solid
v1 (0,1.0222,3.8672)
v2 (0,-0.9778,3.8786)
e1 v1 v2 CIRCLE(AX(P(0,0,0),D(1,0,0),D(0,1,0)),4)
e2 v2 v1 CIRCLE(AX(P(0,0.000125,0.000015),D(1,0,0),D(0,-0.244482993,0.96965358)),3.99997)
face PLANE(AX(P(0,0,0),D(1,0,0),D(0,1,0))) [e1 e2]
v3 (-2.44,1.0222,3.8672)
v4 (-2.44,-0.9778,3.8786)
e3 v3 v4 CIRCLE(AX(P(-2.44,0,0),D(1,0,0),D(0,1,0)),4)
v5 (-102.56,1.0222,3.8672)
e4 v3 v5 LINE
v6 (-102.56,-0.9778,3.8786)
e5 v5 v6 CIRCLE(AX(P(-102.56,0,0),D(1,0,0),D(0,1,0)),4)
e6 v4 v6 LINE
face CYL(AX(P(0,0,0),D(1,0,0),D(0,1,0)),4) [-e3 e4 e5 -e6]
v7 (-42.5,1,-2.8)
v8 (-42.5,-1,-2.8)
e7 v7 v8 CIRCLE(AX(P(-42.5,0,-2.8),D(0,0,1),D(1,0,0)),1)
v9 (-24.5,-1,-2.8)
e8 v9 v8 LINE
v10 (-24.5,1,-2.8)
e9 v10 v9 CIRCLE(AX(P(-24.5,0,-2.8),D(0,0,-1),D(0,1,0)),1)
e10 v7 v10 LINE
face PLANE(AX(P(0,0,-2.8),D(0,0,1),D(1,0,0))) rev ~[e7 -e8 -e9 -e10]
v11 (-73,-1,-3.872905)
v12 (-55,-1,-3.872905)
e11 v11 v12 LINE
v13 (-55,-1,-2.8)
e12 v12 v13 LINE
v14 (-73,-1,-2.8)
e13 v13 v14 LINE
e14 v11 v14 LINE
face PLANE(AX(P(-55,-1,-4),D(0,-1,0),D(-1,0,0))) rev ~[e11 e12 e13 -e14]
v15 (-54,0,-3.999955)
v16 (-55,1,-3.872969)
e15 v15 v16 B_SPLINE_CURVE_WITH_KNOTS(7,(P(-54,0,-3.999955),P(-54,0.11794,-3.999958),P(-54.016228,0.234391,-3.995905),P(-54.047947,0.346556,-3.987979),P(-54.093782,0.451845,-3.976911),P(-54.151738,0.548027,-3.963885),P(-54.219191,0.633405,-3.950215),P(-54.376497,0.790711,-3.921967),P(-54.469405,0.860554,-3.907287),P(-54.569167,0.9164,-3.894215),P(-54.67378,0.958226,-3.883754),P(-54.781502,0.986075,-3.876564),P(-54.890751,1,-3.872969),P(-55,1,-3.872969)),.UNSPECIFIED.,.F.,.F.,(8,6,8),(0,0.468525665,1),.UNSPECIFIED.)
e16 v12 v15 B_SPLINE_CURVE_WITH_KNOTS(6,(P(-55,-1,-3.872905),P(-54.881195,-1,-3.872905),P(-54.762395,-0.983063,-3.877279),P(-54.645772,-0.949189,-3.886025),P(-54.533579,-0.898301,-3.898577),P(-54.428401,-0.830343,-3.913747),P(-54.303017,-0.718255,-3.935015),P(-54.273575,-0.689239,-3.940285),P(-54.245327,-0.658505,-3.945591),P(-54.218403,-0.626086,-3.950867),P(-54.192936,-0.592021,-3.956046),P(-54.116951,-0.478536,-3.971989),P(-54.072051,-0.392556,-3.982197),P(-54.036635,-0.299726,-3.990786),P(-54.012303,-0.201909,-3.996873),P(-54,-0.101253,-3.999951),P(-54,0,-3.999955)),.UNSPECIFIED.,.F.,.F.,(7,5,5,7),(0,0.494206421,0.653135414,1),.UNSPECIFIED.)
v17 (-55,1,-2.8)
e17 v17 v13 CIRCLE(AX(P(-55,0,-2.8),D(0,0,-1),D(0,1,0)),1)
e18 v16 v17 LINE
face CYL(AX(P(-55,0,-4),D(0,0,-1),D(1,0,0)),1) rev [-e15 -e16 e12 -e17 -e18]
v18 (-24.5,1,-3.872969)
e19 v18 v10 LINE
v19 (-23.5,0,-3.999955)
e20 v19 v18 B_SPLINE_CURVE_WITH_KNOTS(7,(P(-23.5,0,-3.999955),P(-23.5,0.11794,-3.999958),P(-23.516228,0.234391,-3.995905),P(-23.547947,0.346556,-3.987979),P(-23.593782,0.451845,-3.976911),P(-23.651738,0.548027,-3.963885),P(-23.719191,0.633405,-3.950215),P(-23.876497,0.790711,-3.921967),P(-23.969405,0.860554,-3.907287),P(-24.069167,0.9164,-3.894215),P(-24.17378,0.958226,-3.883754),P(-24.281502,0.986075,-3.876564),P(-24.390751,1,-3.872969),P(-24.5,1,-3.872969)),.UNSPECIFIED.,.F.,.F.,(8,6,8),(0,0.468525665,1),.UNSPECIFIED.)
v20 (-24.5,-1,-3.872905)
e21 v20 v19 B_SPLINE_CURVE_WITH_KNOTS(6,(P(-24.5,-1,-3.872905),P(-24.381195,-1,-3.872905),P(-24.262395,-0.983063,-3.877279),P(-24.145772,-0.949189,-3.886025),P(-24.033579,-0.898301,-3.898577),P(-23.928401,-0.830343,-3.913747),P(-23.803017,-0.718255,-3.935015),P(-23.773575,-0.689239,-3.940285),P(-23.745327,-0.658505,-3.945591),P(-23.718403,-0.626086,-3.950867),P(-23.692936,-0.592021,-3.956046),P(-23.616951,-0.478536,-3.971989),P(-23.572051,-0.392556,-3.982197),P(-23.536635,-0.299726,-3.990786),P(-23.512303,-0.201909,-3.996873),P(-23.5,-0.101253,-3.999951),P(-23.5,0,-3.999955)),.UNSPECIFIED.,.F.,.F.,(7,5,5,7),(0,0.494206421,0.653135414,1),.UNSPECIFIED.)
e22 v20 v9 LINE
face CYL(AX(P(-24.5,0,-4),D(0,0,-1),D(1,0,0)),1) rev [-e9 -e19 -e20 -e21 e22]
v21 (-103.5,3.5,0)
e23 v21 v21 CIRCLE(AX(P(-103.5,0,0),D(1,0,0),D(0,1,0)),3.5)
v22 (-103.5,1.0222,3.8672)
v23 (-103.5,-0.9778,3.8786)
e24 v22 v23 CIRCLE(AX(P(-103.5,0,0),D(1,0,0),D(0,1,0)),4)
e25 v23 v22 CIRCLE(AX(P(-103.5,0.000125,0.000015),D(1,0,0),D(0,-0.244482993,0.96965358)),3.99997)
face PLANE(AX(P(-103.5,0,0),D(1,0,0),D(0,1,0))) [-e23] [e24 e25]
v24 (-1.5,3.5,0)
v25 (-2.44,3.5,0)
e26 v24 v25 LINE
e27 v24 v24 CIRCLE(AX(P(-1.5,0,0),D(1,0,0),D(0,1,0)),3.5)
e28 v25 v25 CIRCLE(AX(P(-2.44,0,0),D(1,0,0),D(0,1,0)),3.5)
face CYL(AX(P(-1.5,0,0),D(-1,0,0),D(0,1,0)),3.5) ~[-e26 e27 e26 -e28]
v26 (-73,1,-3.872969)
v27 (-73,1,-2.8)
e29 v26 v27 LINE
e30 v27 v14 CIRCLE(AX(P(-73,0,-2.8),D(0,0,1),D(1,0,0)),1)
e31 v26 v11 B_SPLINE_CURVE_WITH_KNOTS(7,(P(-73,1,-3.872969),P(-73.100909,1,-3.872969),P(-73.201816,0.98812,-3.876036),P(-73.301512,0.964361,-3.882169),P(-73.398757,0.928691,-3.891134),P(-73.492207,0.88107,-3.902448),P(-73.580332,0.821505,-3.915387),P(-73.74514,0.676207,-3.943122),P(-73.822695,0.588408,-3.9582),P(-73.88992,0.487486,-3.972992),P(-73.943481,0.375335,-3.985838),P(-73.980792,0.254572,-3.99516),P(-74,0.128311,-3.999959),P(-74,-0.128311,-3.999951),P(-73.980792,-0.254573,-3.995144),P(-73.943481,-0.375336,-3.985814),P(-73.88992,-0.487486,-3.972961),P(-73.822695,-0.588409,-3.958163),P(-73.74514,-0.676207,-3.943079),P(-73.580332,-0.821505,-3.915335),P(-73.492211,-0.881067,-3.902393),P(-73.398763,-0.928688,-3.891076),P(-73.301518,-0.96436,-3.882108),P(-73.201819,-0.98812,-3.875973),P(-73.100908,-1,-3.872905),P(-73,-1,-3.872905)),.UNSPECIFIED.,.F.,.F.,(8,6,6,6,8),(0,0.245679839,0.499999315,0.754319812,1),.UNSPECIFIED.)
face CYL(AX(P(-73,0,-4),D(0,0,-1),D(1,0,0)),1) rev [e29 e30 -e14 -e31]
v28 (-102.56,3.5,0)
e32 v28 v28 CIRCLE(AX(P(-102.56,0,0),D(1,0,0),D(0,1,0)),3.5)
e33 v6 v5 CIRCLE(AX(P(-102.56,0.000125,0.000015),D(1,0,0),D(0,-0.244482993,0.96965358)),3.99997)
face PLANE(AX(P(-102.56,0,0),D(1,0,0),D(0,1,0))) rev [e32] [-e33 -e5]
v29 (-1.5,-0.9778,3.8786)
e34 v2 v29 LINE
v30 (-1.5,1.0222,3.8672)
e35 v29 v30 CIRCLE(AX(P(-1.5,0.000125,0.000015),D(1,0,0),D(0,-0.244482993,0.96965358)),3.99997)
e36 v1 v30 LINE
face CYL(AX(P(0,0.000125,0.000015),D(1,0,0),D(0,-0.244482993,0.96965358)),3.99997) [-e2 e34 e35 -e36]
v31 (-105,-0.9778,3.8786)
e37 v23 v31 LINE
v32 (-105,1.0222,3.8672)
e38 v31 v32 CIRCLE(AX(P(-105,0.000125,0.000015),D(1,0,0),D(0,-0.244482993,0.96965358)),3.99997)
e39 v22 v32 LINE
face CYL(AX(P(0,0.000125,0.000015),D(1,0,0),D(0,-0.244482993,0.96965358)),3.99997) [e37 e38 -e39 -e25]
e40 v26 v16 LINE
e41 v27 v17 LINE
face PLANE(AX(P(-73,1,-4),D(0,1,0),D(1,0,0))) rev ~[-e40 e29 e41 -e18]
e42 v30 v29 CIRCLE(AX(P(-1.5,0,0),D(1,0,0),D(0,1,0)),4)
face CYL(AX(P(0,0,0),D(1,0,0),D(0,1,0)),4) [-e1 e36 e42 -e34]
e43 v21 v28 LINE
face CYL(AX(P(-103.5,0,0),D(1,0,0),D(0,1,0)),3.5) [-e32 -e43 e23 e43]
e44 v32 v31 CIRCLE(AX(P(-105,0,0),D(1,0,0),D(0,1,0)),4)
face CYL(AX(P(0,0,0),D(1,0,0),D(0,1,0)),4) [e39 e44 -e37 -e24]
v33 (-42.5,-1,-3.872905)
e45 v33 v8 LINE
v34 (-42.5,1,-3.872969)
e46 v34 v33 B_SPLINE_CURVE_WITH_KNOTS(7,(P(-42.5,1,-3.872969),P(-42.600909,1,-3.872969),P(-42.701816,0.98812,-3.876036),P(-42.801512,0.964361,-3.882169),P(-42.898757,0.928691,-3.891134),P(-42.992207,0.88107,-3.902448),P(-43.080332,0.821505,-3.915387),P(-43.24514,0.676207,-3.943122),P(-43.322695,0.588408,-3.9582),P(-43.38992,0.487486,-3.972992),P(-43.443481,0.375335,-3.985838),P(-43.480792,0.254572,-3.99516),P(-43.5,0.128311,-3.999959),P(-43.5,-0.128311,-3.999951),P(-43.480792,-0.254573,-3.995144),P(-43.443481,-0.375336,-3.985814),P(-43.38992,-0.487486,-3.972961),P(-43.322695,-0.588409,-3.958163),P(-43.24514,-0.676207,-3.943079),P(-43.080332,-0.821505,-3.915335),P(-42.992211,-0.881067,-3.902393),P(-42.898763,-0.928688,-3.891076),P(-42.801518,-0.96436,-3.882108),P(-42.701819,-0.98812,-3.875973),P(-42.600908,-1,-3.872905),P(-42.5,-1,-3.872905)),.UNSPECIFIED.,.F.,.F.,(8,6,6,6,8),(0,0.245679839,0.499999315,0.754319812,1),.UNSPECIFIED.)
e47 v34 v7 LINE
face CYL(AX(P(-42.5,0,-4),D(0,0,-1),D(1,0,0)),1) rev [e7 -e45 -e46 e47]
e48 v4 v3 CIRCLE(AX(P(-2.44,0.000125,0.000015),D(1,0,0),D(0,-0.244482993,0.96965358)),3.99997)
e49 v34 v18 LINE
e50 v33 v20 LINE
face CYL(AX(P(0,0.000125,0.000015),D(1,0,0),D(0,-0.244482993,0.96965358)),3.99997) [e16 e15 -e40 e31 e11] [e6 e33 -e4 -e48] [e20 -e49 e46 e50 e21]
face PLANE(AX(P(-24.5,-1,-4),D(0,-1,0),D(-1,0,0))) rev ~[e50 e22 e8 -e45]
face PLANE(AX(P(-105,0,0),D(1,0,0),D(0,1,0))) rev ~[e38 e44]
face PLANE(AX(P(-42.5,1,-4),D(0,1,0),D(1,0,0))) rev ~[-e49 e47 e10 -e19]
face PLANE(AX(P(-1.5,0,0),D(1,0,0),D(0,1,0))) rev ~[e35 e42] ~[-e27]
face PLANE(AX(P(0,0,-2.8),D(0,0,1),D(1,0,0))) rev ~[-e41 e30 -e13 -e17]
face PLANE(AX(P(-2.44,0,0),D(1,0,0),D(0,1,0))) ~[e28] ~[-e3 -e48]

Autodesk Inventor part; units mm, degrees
ref_plane "YZ Plane" through (0, 0, 0) normal (1, 0, 0) x (0, 1, 0)
ref_plane "XZ Plane" through (0, 0, 0) normal (0, 1, 0) x (-1, 0, 0)
sketch "Sketch1" plane through (0, 0, 0) normal (1, 0, 0) x (0, 1, 0)
  arc A0 (-0.9778, 3.8786) -> (1.0222, 3.8672) centre (0, 0) ccw
  circle A1 centre (0, 0) radius 4
  dimension "d0" = 8
extrude "Extrusion1" add sketch "Sketch1" against normal blind 105
sketch "Sketch2" plane through (0, 0, 0) normal (0, 0, 1) x (1, 0, 0)
  line L0 (-2.44, 6.5) -> (-1.5, 6.5)
  line L1 (-1.5, 6.5) -> (-1.5, 3.5)
  line L2 (-1.5, 3.5) -> (-2.44, 3.5)
  line L3 (-2.44, 3.5) -> (-2.44, 6.5)
  line L4 (0, 4) -> (0, -4) projected
  line L5 (0, 4) -> (-105, 4) projected
  line L6 (-126, 0) -> (21, 0) projected
  line L7 (0, 4) -> (-105, 4) projected
  line L8 (-52.5, 4) -> (-52.5, -9.5088)
  line L9 (-102.56, 6.5) -> (-103.5, 6.5)
  line L10 (-103.5, 6.5) -> (-103.5, 3.5)
  line L11 (-103.5, 3.5) -> (-102.56, 3.5)
  line L12 (-102.56, 3.5) -> (-102.56, 6.5)
  line L13 (-105, 4) -> (-105, -4)
  line L14 (0, -4) -> (-105, -4) projected
  point P0 (0, 0)
  point P1 (0, 1.0222)
  point P2 (0, -0.9778)
  point P3 (-105, 0)
  point P4 (-105, 1.0222)
  point P5 (-105, -0.9778)
  dimension "d9" = 1.5
  dimension "d10" = 0.94
  dimension "d11" = 0.5
  dimension "d12" = 3
  dimension "d18" = 8
revolve "Revolution1" cut sketch "Sketch2" angle 360 about axis through (-10, 0, 0) along (1, 0, 0) contours L0 L1 L5 L3 | L5 L1 L2 L3 | L12 L11 L10 L5 | L5 L10 L9 L12
ref_plane "Work Plane1" through (0, 0, -4) normal (0, 0, 1) x (1, 0, 0)
sketch "Sketch5" plane through (0, 0, -4) normal (0, 0, 1) x (1, 0, 0)
  line L0 (-73, 1) -> (-55, 1)
  line L1 (-55, 1) -> (-55, -1)
  line L2 (-55, -1) -> (-73, -1)
  line L3 (-73, -1) -> (-73, 1)
  line L4 (-2.44, -4) -> (-102.56, -4) projected
  line L5 (-2.44, 4) -> (-102.56, 4) projected
  line L6 (-105, 4) -> (-105, -4) projected
  circle A0 centre (-55, 0) radius 1
  circle A1 centre (-73, 0) radius 1
  line L7 (-42.5, 1) -> (-24.5, 1)
  line L8 (-24.5, 1) -> (-24.5, -1)
  line L9 (-24.5, -1) -> (-42.5, -1)
  line L10 (-42.5, -1) -> (-42.5, 1)
  circle A2 centre (-24.5, 0) radius 1
  circle A3 centre (-42.5, 0) radius 1
  line L11 (0, 4) -> (0, -4) projected
  point P0 (0, 0)
  dimension "d24" = 20
  dimension "d19" = 2
  dimension "d20" = 8
  dimension "d21" = 3
  dimension "d22" = 32
  dimension "d23" = 18
  dimension "d25" = 2
  dimension "d26" = 24.5
  dimension "d27" = 18
extrude "Extrusion4" cut sketch "Sketch5" along normal blind 1.2
equation "\"d21\" = 0.5 * d20 - 0.5 * d19"
equation "\"d27\" = d23"
properties part number "AxeHorizontalRoller" material "Stainless Steel"
